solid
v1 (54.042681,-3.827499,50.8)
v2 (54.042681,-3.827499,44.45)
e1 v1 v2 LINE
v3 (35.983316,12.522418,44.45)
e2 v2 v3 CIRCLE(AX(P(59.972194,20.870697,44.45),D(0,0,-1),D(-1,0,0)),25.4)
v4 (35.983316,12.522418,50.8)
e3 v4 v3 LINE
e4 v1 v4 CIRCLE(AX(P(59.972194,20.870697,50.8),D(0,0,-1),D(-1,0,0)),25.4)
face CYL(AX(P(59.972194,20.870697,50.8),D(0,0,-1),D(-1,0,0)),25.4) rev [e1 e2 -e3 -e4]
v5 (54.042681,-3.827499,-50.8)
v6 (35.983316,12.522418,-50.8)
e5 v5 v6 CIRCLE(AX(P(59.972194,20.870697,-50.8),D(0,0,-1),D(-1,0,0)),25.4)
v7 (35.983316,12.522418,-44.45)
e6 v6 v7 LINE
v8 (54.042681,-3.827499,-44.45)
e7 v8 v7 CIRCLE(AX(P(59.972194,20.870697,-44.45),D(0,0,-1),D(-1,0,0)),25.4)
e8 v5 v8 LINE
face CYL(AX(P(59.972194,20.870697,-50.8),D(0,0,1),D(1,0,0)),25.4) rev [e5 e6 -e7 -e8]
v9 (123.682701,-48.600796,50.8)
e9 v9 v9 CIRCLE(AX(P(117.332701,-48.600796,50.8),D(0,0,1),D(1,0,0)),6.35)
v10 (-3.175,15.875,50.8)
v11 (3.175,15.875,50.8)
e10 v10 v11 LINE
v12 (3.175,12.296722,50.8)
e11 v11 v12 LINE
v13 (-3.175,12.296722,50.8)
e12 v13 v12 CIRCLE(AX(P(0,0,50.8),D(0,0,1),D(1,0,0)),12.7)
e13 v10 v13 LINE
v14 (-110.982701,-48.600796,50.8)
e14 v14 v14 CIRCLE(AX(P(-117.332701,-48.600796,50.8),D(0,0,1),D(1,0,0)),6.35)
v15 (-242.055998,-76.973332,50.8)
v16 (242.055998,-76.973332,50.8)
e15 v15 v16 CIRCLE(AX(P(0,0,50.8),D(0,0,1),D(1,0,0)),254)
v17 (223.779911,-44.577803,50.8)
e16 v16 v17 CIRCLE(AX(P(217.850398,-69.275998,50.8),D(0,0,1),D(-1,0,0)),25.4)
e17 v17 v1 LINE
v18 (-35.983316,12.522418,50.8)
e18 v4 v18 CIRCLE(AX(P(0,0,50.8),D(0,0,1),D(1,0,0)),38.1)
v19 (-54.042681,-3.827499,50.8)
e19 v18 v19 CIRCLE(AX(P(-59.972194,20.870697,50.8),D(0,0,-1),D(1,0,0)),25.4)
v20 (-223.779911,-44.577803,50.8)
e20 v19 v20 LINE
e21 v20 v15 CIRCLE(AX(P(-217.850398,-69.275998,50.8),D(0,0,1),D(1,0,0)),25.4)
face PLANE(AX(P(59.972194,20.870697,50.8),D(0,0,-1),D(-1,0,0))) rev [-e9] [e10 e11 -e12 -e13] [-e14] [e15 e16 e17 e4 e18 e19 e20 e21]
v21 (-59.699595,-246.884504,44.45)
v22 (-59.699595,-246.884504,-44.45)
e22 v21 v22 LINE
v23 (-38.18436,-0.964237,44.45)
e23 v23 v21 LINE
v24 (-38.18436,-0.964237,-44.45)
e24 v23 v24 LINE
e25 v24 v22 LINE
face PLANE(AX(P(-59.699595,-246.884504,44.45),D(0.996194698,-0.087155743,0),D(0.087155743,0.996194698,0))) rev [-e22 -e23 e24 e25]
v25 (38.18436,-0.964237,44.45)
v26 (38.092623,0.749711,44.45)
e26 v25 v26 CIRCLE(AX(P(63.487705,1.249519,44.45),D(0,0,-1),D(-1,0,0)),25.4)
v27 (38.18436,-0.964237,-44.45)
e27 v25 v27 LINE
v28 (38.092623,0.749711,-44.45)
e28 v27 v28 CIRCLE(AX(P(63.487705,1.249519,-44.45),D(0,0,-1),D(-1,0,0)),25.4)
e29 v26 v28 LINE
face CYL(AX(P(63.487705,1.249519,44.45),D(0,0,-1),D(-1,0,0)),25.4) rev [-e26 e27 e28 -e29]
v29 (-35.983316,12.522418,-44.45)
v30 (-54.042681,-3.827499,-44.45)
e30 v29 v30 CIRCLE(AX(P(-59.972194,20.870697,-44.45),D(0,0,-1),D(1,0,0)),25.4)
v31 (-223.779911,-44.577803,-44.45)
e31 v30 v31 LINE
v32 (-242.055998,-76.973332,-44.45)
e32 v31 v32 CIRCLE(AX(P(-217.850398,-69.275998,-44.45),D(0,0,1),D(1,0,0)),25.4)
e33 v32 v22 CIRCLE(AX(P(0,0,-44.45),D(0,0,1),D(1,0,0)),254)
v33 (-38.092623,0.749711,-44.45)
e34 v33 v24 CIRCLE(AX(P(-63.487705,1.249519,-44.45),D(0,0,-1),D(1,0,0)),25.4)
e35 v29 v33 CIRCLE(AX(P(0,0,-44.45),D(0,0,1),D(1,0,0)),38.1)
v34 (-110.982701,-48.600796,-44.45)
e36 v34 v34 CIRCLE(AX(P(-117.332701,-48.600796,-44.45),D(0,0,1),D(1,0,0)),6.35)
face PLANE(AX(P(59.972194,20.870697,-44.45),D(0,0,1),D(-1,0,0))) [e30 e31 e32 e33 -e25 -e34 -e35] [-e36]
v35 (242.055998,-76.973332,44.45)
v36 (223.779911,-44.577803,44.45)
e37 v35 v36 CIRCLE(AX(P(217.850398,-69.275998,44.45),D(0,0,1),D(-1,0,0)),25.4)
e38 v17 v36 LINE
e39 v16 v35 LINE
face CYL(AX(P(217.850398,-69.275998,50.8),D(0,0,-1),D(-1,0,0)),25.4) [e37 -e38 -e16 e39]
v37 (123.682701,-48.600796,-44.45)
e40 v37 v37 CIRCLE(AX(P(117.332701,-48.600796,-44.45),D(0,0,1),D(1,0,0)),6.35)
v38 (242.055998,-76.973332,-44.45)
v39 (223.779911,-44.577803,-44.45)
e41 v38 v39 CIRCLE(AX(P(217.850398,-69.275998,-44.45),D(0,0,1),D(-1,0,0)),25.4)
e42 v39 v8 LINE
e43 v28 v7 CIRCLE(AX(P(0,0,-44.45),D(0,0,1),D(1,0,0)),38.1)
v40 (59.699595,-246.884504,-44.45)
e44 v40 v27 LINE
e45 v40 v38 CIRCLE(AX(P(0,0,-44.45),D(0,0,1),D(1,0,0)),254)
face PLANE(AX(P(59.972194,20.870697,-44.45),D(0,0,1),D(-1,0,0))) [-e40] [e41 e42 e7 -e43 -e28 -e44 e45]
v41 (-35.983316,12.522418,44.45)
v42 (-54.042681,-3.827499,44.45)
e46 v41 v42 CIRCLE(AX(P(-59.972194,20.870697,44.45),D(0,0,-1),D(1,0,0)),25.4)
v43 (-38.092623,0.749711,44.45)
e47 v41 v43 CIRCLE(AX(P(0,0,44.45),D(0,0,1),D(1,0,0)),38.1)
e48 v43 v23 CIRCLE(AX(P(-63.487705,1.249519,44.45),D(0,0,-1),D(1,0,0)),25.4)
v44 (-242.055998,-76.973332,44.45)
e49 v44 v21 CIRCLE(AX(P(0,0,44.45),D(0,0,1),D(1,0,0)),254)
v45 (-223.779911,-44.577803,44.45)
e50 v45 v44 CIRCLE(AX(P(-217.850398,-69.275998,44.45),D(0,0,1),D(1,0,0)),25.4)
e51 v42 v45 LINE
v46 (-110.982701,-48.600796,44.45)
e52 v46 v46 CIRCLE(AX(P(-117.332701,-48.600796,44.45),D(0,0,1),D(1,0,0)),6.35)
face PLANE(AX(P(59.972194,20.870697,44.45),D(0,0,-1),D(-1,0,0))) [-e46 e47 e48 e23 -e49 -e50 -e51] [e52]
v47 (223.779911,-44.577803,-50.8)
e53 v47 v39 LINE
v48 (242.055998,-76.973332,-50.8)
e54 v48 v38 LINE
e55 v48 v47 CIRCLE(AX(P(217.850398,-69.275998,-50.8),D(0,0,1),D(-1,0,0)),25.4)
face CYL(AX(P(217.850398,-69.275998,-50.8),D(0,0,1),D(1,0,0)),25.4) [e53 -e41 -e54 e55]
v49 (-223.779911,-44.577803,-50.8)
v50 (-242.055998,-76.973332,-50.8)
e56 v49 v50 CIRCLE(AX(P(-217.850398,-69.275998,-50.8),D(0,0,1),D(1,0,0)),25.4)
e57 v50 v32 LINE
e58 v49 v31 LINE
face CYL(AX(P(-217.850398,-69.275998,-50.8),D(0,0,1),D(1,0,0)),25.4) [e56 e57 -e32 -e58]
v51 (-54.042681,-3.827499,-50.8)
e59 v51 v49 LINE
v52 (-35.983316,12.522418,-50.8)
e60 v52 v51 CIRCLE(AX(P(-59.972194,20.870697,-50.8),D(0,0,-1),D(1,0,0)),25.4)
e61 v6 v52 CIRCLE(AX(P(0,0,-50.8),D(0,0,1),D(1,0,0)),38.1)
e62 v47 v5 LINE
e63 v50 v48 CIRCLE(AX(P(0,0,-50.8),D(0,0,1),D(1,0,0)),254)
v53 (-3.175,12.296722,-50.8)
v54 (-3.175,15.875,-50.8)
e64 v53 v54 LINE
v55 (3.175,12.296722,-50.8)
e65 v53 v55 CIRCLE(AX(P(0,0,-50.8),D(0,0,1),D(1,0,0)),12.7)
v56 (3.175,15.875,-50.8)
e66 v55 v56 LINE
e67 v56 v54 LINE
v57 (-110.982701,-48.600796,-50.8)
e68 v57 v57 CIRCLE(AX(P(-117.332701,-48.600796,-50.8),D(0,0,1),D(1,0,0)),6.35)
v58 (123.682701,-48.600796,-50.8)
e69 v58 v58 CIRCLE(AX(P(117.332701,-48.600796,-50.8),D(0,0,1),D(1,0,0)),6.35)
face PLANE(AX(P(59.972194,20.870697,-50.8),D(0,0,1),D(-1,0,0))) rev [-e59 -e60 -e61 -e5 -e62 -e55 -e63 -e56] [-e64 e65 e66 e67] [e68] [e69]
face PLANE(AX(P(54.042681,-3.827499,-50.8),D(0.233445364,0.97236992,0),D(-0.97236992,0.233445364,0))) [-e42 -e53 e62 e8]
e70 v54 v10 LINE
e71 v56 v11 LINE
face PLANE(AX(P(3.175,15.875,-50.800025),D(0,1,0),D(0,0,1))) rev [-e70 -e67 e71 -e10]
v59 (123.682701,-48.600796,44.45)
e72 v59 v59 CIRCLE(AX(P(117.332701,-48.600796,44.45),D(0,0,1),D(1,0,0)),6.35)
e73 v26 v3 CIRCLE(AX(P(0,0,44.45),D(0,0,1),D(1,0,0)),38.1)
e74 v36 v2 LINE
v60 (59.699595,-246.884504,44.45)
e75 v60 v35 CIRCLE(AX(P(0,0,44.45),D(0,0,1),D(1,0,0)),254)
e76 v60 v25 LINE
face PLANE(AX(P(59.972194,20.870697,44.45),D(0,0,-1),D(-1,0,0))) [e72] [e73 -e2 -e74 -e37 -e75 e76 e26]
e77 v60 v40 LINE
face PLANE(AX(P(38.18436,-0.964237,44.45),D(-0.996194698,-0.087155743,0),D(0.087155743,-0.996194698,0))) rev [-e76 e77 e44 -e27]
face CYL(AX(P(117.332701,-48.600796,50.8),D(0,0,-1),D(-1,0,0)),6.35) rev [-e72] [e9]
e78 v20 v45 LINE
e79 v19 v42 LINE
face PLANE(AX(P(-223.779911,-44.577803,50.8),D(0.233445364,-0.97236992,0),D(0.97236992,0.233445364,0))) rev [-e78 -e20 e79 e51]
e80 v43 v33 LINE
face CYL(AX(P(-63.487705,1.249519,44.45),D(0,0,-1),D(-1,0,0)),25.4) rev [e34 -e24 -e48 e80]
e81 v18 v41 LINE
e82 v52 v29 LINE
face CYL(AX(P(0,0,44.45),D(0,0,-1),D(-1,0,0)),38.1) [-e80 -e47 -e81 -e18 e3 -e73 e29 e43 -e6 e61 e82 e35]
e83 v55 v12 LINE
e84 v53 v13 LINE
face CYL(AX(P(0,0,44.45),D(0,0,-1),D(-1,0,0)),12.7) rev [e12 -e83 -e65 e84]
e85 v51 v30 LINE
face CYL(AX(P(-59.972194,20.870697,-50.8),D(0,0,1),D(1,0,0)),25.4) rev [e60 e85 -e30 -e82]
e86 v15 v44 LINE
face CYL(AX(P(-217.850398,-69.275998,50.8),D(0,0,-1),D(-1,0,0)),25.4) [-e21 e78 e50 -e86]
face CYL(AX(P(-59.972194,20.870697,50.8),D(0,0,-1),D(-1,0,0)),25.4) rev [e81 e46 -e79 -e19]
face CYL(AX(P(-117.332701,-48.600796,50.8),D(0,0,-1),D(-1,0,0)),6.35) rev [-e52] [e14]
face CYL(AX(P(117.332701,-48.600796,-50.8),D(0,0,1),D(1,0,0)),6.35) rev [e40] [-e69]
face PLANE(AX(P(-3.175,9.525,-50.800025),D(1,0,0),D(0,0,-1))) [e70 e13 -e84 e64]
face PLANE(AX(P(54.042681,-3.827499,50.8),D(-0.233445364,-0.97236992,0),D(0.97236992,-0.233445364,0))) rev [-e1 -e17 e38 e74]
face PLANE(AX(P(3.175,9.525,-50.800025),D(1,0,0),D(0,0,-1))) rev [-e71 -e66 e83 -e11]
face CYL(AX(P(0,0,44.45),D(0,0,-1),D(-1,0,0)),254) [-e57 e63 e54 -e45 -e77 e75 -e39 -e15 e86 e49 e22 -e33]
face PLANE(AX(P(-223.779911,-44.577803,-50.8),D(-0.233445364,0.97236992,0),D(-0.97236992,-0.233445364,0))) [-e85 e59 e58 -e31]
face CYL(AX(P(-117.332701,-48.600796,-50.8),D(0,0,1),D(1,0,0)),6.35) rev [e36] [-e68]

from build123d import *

# Parameters (mm, degrees)
SKETCH1_R               = 12.7
BOSS_EXTRUDE1_DEPTH     = 44.45
SKETCH5_R               = 12.7
SKETCH5_R_2             = 6.35
BOSS_EXTRUDE2_DEPTH     = 6.35
SKETCH8_W               = 6.35
SKETCH8_H               = 6.35
CUT_EXTRUDE1_DEPTH      = 51.8
CUT_EXTRUDE1_DEPTH_BACK = 51.8


with BuildPart() as part:
    # Sketch1 → Boss-Extrude1 (new body, symmetric)
    with BuildSketch(Plane.XY):
        with BuildLine():
            Line((-59.699595301, -246.884504011), (-38.184359795, -0.964236874))
            ThreePointArc((-38.184359795, -0.964236874), (-38.124009824, -0.108037848), (-38.092623076, 0.749711395))
            ThreePointArc((-38.092623076, 0.749711395), (0, 38.1), (38.092623076, 0.749711395))
            ThreePointArc((38.092623076, 0.749711395), (38.124009824, -0.108037848), (38.184359795, -0.964236874))
            Line((38.184359795, -0.964236874), (59.699595301, -246.884504011))
            ThreePointArc((59.699595301, -246.884504011), (0, -254), (-59.699595301, -246.884504011))
        make_face()
        Circle(SKETCH1_R, mode=Mode.SUBTRACT)
    extrude(amount=BOSS_EXTRUDE1_DEPTH, both=True)

    # Sketch5 → Boss-Extrude2 (add)
    with BuildSketch(Plane.XY.offset(44.45)):
        with BuildLine():
            Line((-223.779910529, -44.577802506), (-54.04268144, -3.827499177))
            ThreePointArc((-54.04268144, -3.827499177), (-42.924981025, 2.041131203), (-35.983316209, 12.522418081))
            ThreePointArc((-35.983316209, 12.522418081), (0, 38.1), (35.983316209, 12.522418081))
            ThreePointArc((35.983316209, 12.522418081), (42.924981025, 2.041131203), (54.04268144, -3.827499177))
            Line((54.04268144, -3.827499177), (223.779910529, -44.577802506))
            ThreePointArc((223.779910529, -44.577802506), (239.972758508, -56.795566669), (242.055998097, -76.973331649))
            ThreePointArc((242.055998097, -76.973331649), (0, -254), (-242.055998097, -76.973331649))
            ThreePointArc((-242.055998097, -76.973331649), (-239.972758508, -56.795566669), (-223.779910529, -44.577802506))
        make_face()
        Circle(SKETCH5_R, mode=Mode.SUBTRACT)
        with Locations((-117.332700629, -48.60079591)):
            Circle(SKETCH5_R_2, mode=Mode.SUBTRACT)
        with Locations((117.332700629, -48.60079591)):
            Circle(SKETCH5_R_2, mode=Mode.SUBTRACT)
    boss_extrude2 = extrude(amount=BOSS_EXTRUDE2_DEPTH)

    # Mirror1: Boss-Extrude2 across plane
    add(boss_extrude2.mirror(Plane.XY))

    # Sketch8 → Cut-Extrude1 (cut, two sides)
    with BuildSketch(Plane.XY) as cut_extrude1_sk:
        with Locations((0, 12.7)):
            Rectangle(SKETCH8_W, SKETCH8_H)
    extrude(amount=CUT_EXTRUDE1_DEPTH, mode=Mode.SUBTRACT)
    extrude(cut_extrude1_sk.sketch, amount=-CUT_EXTRUDE1_DEPTH_BACK, mode=Mode.SUBTRACT)


solid = part.part
